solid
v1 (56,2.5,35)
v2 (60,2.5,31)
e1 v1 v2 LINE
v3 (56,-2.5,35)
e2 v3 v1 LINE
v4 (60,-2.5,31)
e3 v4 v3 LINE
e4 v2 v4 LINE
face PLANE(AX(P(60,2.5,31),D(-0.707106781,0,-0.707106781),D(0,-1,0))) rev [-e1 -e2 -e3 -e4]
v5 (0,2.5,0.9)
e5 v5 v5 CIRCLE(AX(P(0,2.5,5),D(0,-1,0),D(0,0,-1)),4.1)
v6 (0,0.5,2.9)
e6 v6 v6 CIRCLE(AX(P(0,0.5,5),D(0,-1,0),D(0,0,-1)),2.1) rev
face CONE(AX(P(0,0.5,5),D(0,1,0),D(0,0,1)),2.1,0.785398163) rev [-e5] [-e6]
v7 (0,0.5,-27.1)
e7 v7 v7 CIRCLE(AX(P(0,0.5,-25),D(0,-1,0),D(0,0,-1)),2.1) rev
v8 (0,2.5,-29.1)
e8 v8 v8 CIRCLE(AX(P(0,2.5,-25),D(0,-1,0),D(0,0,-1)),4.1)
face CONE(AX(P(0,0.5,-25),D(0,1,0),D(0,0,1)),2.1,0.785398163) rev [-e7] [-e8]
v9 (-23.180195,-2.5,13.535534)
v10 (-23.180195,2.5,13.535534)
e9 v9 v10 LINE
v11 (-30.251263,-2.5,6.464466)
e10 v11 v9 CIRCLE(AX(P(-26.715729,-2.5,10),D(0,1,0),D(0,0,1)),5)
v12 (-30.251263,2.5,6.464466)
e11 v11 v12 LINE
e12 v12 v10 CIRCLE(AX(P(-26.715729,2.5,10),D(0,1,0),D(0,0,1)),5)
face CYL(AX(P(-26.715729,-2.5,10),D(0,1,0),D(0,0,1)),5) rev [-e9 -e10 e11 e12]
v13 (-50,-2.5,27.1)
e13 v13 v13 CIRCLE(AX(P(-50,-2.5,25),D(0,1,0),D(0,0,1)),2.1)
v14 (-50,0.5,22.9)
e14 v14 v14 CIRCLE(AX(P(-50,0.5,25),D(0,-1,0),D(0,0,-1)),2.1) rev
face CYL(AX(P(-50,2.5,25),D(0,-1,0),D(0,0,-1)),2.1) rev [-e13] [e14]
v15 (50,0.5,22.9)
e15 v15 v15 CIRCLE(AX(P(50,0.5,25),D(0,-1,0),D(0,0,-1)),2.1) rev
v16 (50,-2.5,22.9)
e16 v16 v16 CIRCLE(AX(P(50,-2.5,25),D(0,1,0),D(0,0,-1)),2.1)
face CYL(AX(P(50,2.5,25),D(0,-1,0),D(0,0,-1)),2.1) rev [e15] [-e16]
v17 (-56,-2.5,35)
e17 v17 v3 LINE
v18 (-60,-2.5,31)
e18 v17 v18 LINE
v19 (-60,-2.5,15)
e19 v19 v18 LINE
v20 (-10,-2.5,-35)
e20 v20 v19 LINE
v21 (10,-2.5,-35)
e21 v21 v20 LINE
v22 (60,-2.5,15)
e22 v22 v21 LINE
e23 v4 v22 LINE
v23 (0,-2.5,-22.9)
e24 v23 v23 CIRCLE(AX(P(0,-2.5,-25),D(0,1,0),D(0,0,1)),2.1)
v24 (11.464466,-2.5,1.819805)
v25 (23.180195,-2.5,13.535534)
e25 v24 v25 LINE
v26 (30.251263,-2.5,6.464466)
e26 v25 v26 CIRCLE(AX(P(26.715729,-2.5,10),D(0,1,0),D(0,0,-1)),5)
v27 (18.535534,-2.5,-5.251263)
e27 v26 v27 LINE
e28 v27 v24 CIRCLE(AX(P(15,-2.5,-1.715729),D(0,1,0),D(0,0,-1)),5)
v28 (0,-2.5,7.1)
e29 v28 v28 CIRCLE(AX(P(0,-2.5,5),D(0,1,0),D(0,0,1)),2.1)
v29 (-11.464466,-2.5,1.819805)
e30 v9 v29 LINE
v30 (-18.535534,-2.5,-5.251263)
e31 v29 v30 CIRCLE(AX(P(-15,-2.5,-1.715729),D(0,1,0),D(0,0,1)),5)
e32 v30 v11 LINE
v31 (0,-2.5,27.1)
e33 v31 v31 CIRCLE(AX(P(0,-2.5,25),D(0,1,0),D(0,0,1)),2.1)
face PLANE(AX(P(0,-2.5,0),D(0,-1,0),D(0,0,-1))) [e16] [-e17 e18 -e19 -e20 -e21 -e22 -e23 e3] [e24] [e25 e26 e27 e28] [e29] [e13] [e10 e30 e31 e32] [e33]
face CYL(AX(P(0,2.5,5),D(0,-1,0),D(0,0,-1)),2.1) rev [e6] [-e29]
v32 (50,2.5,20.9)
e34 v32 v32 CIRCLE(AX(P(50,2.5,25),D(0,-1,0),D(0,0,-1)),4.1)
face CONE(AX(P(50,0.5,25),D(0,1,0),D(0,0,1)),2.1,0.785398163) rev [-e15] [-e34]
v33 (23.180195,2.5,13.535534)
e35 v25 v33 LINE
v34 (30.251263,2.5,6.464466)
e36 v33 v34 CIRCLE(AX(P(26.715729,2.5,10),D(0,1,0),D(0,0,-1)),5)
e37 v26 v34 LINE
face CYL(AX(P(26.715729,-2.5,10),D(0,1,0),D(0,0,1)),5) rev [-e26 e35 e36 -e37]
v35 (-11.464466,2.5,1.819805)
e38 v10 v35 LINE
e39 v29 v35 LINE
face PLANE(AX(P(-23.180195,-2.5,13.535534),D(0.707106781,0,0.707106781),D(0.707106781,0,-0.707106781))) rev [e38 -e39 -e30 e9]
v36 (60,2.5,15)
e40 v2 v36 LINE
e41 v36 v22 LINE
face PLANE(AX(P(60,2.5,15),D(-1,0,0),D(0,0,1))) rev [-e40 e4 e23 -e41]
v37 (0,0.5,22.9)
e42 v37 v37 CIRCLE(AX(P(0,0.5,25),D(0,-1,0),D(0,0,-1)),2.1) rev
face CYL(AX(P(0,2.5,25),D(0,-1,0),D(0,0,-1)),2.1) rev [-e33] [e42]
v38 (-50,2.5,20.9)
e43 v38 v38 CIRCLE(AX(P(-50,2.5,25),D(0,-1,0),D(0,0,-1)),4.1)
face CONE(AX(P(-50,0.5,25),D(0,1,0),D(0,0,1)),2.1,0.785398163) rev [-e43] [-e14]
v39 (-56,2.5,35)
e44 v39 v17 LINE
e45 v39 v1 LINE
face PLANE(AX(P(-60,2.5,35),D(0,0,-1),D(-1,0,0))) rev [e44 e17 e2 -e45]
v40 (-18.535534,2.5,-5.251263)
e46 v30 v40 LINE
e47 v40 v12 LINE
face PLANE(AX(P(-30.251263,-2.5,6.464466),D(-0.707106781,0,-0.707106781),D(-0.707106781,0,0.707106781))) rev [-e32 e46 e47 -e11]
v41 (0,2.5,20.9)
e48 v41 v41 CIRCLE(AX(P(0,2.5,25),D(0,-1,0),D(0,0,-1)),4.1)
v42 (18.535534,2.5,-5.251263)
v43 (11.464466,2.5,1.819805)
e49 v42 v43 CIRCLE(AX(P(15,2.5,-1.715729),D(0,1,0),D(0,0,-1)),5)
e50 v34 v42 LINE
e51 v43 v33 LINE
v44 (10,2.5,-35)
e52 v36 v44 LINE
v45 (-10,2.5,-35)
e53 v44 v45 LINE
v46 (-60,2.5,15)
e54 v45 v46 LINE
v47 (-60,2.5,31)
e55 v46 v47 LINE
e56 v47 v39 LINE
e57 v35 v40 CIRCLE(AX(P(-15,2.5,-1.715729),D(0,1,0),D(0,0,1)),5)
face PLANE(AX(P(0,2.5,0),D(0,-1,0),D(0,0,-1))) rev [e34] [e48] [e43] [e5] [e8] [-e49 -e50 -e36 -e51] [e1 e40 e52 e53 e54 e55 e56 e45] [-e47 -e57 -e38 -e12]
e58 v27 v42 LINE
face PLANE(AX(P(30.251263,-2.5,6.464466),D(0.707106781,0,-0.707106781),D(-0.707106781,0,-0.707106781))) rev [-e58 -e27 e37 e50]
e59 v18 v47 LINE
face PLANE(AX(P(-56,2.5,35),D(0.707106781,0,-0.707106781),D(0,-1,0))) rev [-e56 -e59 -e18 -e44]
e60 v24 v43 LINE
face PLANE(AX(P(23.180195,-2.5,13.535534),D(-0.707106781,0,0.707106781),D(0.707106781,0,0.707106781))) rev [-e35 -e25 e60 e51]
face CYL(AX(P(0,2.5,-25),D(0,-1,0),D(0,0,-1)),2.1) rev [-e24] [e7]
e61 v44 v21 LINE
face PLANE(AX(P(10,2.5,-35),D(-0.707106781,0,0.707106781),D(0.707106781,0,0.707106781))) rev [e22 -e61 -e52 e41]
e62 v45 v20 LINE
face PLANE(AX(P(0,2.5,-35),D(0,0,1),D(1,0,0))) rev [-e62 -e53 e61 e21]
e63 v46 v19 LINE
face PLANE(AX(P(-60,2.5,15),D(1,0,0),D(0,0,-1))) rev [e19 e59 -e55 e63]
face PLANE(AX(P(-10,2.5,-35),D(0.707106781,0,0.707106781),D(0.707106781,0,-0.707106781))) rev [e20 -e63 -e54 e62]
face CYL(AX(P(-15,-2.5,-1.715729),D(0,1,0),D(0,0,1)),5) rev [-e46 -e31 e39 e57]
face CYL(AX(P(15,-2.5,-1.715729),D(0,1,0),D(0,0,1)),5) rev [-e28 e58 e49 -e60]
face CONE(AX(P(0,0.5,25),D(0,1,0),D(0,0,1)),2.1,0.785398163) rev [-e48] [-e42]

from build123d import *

# Parameters (mm, degrees)
SKETCH_2_R          = 2.1
EXTRUDE_1_DEPTH     = 2.5
CHAMFER_1_SIZE      = 2
CHAMFER_2_SIZE      = 4
CUT_EXTRUDE_1_DEPTH = 70.641941386


with BuildPart() as part:
    # 草图2 → 凸台-拉伸1 (new, symmetric)
    with BuildSketch(Plane(origin=(0, 0, 0), x_dir=(1, 0, 0), z_dir=(0, 1, 0))):
        Polygon((0, 35), (-10, 35), (-60, -15), (-60, -35), (60, -35), (60, -15), (10, 35), align=None)
        with Locations(Location((-50, -25, 0), (0, 0, 270))):
            Circle(SKETCH_2_R, mode=Mode.SUBTRACT)
        with Locations(Location((0, 25, 0), (0, 0, 270))):
            Circle(SKETCH_2_R, mode=Mode.SUBTRACT)
        with Locations(Location((0, -5, 0), (0, 0, 270))):
            Circle(SKETCH_2_R, mode=Mode.SUBTRACT)
        with Locations(Location((0, -25, 0), (0, 0, 270))):
            Circle(SKETCH_2_R, mode=Mode.SUBTRACT)
        with Locations(Location((50, -25, 0), (0, 0, 90))):
            Circle(SKETCH_2_R, mode=Mode.SUBTRACT)
    extrude(amount=EXTRUDE_1_DEPTH, both=True)

    # 倒角1
    chamfer_1_edges = [part.edges().sort_by_distance(p)[0] for p in [
        (-50, 2.5, 22.9),
        (0, 2.5, -27.1),
        (0, 2.5, 2.9),
        (0, 2.5, 22.9),
        (50, 2.5, 27.1),
    ]]
    chamfer(chamfer_1_edges, length=CHAMFER_1_SIZE)

    # 倒角2
    chamfer_2_edges = [part.edges().sort_by_distance(p)[0] for p in [
        (60, 0, 35),
        (-60, 0, 35),
    ]]
    chamfer(chamfer_2_edges, length=CHAMFER_2_SIZE)

    # 草图3 → 切除-拉伸1 (cut, through all)
    with BuildSketch(Plane(origin=(0, 2.5, 0), x_dir=(1, 0, 0), z_dir=(0, 1, 0))):
        with BuildLine():
            Line((-30.251262658, -6.464466094), (-18.535533906, 5.251262658))
            ThreePointArc((-18.535533906, 5.251262658), (-11.464466094, 5.251262658), (-11.464466094, -1.819805153))
            Line((-11.464466094, -1.819805153), (-23.180194847, -13.535533906))
            ThreePointArc((-23.180194847, -13.535533906), (-30.251262658, -13.535533906), (-30.251262658, -6.464466094))
        make_face()
        with BuildLine():
            Line((30.251262658, -6.464466094), (18.535533906, 5.251262658))
            ThreePointArc((18.535533906, 5.251262658), (11.464466094, 5.251262658), (11.464466094, -1.819805153))
            Line((11.464466094, -1.819805153), (23.180194847, -13.535533906))
            ThreePointArc((23.180194847, -13.535533906), (30.251262658, -13.535533906), (30.251262658, -6.464466094))
        make_face()
    extrude(amount=-CUT_EXTRUDE_1_DEPTH, mode=Mode.SUBTRACT)


solid = part.part
